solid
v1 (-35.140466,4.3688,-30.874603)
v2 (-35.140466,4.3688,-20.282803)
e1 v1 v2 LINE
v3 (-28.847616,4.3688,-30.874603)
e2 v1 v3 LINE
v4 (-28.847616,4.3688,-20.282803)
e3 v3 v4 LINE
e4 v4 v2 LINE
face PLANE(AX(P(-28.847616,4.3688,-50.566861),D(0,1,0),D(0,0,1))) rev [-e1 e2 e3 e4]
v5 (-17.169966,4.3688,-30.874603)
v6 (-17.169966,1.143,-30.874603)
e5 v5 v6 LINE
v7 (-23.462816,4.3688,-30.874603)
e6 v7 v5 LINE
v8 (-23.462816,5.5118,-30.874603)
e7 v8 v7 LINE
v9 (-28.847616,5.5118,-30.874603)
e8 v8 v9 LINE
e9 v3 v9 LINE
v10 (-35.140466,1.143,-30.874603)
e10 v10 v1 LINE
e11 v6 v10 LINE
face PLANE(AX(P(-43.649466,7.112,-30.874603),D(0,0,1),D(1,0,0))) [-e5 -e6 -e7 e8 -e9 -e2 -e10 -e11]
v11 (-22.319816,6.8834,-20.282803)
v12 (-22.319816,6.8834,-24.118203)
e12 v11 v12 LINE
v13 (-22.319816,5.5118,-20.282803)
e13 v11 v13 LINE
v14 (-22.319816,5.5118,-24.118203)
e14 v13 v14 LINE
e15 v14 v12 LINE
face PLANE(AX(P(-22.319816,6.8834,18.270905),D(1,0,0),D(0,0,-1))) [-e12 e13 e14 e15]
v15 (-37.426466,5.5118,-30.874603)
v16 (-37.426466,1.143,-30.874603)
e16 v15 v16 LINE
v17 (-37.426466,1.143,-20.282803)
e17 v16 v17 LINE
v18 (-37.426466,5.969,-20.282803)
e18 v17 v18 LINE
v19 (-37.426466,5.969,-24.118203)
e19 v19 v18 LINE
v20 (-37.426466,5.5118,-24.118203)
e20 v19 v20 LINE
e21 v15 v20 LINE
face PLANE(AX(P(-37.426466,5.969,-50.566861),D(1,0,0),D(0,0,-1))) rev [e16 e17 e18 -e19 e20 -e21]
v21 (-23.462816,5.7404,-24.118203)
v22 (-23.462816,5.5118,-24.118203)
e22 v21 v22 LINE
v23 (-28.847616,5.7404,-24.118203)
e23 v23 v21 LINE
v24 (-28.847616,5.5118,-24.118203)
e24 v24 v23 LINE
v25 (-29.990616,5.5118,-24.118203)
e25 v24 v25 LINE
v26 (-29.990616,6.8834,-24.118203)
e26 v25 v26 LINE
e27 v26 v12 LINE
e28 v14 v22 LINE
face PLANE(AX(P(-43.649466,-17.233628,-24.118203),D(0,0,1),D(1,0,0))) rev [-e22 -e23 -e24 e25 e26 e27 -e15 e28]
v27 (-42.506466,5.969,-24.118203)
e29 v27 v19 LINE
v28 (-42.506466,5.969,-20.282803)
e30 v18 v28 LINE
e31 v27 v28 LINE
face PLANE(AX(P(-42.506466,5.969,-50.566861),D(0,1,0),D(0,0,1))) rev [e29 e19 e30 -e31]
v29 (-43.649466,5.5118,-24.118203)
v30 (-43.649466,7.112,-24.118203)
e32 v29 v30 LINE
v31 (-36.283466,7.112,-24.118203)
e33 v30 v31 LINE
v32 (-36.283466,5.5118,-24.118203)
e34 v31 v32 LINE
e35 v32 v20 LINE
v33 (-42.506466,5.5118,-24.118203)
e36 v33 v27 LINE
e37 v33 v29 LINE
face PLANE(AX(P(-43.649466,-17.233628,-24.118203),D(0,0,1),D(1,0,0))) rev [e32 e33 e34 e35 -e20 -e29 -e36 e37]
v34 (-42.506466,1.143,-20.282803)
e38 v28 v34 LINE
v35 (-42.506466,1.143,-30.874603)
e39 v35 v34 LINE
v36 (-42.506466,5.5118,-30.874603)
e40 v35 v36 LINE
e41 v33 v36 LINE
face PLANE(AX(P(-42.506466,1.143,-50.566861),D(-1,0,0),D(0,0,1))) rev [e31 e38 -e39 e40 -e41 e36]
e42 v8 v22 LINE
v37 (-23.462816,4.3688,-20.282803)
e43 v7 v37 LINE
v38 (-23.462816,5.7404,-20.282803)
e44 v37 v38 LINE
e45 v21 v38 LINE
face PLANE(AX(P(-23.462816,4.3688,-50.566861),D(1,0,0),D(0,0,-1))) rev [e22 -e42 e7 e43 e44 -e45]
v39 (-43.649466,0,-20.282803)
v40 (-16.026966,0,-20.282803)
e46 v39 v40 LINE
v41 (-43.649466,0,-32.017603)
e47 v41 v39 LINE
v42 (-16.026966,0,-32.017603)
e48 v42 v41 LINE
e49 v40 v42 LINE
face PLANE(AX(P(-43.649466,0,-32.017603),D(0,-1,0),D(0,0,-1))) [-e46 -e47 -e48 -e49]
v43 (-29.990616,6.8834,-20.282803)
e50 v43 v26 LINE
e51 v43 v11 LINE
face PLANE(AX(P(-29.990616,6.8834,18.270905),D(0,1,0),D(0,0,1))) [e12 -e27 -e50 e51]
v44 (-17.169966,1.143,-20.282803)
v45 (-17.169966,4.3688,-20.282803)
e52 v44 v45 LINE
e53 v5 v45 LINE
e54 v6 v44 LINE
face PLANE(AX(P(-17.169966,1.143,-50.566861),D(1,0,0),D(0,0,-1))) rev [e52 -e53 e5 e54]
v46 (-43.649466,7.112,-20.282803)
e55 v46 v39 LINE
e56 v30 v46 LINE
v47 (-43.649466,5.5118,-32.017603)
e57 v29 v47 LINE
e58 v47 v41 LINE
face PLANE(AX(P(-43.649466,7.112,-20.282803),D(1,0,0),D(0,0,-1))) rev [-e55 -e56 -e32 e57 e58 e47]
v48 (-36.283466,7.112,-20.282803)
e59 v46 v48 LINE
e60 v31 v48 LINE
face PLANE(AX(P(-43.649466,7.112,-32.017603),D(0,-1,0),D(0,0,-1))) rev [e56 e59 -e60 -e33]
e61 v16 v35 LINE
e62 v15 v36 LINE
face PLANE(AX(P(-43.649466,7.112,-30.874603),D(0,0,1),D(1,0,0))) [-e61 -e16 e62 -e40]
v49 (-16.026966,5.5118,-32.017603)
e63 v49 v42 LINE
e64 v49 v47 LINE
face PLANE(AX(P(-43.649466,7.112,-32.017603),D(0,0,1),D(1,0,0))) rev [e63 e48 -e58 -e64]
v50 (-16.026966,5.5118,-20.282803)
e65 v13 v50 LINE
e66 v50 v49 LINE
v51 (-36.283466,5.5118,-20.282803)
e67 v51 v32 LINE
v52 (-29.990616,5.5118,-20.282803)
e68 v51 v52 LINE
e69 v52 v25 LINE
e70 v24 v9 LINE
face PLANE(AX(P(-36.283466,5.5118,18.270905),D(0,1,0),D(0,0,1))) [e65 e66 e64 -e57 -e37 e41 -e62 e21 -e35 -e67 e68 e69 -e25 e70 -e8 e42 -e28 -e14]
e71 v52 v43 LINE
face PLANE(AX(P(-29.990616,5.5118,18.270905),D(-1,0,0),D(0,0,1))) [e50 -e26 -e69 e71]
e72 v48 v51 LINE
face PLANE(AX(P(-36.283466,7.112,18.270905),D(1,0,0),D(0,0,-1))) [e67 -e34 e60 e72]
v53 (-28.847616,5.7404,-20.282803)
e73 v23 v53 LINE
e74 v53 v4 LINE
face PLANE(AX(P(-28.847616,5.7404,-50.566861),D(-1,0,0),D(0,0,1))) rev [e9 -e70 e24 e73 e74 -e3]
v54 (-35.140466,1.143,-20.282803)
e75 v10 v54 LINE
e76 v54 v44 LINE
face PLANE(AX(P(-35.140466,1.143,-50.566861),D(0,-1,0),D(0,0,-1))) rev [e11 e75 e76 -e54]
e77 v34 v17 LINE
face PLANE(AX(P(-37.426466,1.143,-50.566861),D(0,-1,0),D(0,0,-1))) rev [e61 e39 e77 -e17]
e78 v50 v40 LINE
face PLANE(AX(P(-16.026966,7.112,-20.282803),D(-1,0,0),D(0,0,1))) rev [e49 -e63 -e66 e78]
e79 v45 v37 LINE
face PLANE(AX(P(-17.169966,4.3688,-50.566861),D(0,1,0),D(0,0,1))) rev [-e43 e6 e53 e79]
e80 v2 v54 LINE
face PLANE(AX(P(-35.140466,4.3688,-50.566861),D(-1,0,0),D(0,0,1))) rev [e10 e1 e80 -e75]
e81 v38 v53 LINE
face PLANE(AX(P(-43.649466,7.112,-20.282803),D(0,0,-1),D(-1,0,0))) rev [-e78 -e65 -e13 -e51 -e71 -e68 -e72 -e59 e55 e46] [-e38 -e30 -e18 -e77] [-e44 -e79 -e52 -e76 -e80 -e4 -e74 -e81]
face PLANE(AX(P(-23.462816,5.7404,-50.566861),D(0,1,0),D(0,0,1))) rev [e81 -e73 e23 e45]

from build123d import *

# Parameters (mm, degrees)
SKETCH1_W               = 27.6225
SKETCH1_H               = 11.7348
BOSS_EXTRUDE1_DEPTH     = 7.112
CUT_EXTRUDE1_DEPTH      = 46.755458387
CUT_EXTRUDE1_DEPTH_BACK = 46.755458387
SKETCH3_W               = 5.08
SKETCH3_H               = 4.826
CUT_EXTRUDE2_DEPTH      = 10.5918
CUT_EXTRUDE3_REACH      = 56.598
SKETCH4_W               = 21.32965
SKETCH4_H               = 7.8994


with BuildPart() as part:
    # Sketch1 → Boss-Extrude1 (new body)
    with BuildSketch(Plane(origin=(0, 0, 0), x_dir=(1, 0, 0), z_dir=(0, 1, 0))):
        with Locations((-29.838216172, 26.150202934)):
            Rectangle(SKETCH1_W, SKETCH1_H)
    extrude(amount=BOSS_EXTRUDE1_DEPTH)

    # Sketch2 → Cut-Extrude1 (cut, two sides: drawn at the far end of the back side and taken through both)
    with BuildSketch(Plane.XY.offset(-20.282802934).offset(-CUT_EXTRUDE1_DEPTH_BACK)):
        Polygon((-36.283466172, 73.446090762), (-36.283466172, 7.112), (-36.283466172, 5.5118), (-29.990616172, 5.5118), (-29.990616172, 6.8834), (-22.319816172, 6.8834), (-22.319816172, 5.5118), (-16.026966172, 5.5118), (50.307124589, 5.5118), (132.196959284, 109.890444188), (45.606368522, 177.82473495), align=None)
    extrude(amount=CUT_EXTRUDE1_DEPTH + CUT_EXTRUDE1_DEPTH_BACK, mode=Mode.SUBTRACT)

    # Sketch3 → Cut-Extrude2 (cut)
    with BuildSketch(Plane.XY.offset(-20.282802934)):
        with Locations((-39.966466172, 3.556)):
            Rectangle(SKETCH3_W, SKETCH3_H)
        Polygon((-35.140466172, 4.3688), (-35.140466172, 1.143), (-17.169966172, 1.143), (-17.169966172, 4.3688), (-23.462816172, 4.3688), (-23.462816172, 5.7404), (-28.847616172, 5.7404), (-28.847616172, 4.3688), align=None)
    extrude(amount=-CUT_EXTRUDE2_DEPTH, mode=Mode.SUBTRACT)

    # Cut-Extrude3: up to this face of the body (flat: up to its plane)
    cut_extrude3_end = Plane(part.part.faces().sort_by_distance((-33.137041172, 5.5118, -26.150202934))[0])
    # Sketch4 → Cut-Extrude3 (cut, up to the picked face)
    with BuildSketch(Plane(origin=(0, 7.112, 0), x_dir=(1, 0, 0), z_dir=(0, 1, 0)), mode=Mode.PRIVATE) as cut_extrude3_sk1:
        with Locations((-32.984641172, 28.067902934)):
            Rectangle(SKETCH4_W, SKETCH4_H)
    cut_extrude3_tool1 = split(extrude(cut_extrude3_sk1.sketch, amount=-CUT_EXTRUDE3_REACH, mode=Mode.PRIVATE), bisect_by=cut_extrude3_end, keep=Keep.BOTH, mode=Mode.PRIVATE)
    add(cut_extrude3_tool1.solids().sort_by(Axis((-32.984641, 7.112, -28.067903), (0, -1, 0)))[0], mode=Mode.SUBTRACT)


solid = part.part
